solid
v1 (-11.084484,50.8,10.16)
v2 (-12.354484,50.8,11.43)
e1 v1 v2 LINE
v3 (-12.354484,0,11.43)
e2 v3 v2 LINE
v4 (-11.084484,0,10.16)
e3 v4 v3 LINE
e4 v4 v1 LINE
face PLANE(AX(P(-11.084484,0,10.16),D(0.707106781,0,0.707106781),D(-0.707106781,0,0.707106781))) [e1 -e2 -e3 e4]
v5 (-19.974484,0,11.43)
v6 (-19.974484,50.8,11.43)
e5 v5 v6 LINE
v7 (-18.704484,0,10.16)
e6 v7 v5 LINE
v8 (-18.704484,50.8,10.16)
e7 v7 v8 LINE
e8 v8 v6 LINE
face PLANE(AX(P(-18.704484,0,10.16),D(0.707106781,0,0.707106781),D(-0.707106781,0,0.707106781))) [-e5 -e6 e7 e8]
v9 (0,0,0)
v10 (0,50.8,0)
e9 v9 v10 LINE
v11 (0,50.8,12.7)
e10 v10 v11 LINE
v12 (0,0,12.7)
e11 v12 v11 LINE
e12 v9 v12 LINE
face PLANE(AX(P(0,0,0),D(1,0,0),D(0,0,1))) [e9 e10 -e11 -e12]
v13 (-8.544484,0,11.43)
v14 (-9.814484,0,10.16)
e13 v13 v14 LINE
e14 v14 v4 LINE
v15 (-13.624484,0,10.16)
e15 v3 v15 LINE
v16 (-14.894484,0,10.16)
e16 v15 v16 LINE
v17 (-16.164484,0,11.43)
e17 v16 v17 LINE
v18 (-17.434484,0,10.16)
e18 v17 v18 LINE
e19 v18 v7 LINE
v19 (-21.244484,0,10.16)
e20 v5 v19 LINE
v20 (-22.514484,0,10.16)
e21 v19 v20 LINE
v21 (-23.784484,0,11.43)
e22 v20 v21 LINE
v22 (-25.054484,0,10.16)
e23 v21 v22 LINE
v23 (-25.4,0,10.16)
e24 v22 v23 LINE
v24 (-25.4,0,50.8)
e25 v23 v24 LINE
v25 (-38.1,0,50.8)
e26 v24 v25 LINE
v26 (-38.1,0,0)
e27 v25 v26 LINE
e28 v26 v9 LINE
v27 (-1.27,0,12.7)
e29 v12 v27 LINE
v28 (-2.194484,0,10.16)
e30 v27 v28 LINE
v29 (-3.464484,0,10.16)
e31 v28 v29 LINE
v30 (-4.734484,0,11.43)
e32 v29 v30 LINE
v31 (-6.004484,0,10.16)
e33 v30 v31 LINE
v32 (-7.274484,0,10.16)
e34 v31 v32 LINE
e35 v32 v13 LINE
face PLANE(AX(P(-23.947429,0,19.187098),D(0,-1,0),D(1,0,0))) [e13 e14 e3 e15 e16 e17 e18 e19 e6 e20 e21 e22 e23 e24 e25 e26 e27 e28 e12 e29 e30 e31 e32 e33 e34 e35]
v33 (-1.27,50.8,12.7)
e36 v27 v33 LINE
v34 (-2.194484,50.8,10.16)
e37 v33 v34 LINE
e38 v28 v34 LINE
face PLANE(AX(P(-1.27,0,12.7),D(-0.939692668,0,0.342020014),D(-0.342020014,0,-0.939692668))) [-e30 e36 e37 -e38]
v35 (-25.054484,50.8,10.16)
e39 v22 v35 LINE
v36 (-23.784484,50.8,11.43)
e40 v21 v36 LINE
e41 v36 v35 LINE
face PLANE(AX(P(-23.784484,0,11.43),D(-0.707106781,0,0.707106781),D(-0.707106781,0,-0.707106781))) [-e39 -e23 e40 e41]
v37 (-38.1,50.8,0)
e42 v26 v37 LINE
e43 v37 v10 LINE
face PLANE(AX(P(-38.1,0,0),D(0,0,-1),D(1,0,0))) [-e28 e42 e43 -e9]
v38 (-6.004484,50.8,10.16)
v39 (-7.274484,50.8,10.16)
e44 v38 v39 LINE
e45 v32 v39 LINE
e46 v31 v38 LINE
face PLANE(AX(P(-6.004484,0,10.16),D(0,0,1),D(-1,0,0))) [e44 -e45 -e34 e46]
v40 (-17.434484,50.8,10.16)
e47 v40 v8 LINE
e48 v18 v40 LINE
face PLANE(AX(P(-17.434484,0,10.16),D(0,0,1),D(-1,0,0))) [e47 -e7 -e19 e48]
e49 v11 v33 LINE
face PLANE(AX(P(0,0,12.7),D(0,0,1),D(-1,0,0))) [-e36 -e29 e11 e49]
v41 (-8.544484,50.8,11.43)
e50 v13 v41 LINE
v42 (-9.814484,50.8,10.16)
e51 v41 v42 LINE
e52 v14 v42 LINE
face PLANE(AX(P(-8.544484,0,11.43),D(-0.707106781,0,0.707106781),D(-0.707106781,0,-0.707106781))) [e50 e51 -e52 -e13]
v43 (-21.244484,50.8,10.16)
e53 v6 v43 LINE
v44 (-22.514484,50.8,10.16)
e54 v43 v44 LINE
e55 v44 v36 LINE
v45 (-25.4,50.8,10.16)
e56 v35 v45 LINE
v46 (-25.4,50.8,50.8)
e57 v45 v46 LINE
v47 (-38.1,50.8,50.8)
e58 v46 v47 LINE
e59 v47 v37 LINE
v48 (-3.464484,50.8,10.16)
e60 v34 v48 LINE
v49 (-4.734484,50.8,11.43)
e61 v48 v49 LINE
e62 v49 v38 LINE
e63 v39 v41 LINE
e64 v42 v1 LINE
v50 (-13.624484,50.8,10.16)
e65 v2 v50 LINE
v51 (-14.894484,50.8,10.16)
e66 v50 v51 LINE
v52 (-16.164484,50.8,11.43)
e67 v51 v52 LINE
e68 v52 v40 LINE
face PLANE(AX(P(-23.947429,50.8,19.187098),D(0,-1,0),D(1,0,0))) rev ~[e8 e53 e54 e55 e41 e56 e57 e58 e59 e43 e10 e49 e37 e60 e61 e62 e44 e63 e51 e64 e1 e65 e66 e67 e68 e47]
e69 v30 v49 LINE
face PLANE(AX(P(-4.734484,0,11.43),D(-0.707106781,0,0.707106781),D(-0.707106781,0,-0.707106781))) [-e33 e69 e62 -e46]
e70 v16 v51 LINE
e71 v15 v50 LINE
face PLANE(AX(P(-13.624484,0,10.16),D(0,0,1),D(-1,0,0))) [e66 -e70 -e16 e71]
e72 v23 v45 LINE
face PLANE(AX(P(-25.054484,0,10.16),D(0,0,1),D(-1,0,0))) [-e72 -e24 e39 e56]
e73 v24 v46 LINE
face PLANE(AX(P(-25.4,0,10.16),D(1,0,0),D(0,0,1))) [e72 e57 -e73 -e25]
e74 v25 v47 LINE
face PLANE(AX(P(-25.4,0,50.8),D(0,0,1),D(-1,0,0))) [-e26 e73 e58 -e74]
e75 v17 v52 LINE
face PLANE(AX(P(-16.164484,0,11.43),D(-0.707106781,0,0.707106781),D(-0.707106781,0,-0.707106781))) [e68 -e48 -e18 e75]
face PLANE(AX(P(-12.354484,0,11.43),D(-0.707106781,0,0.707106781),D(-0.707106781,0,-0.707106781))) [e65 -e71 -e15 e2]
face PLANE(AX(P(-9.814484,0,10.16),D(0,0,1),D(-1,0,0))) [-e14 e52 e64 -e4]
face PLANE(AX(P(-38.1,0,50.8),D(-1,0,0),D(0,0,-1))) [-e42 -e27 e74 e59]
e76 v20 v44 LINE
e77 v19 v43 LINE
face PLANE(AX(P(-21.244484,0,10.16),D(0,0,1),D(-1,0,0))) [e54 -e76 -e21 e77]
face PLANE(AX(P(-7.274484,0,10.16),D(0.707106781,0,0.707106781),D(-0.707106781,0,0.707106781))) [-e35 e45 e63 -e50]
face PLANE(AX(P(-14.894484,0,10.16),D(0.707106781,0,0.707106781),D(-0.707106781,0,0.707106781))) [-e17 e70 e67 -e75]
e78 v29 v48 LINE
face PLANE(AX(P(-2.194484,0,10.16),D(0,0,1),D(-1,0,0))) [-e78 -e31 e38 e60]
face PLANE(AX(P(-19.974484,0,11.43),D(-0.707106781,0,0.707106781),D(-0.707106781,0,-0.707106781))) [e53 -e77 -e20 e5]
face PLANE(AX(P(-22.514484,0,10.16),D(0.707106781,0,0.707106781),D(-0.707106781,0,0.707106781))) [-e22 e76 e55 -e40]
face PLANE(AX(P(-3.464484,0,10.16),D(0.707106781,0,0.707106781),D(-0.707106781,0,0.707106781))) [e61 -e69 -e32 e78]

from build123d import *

# Parameters (mm, degrees)
F1_DEPTH = 50.8


with BuildPart() as f1:
    # F0 (on Front) → F1 (new body)
    with BuildSketch(Plane.XZ):
        Polygon((-38.1, 0), (0, 0), (0, 12.7), (-1.27, 12.7), (-2.194484, 10.16), (-3.464484, 10.16), (-4.734484, 11.43), (-6.004484, 10.16), (-7.274484, 10.16), (-8.544484, 11.43), (-9.814484, 10.16), (-11.084484, 10.16), (-12.354484, 11.43), (-13.624484, 10.16), (-14.894484, 10.16), (-16.164484, 11.43), (-17.434484, 10.16), (-18.704484, 10.16), (-19.974484, 11.43), (-21.244484, 10.16), (-22.514484, 10.16), (-23.784484, 11.43), (-25.054484, 10.16), (-25.4, 10.16), (-25.4, 50.8), (-38.1, 50.8), align=None)
    extrude(amount=-F1_DEPTH)


solid = f1.part
